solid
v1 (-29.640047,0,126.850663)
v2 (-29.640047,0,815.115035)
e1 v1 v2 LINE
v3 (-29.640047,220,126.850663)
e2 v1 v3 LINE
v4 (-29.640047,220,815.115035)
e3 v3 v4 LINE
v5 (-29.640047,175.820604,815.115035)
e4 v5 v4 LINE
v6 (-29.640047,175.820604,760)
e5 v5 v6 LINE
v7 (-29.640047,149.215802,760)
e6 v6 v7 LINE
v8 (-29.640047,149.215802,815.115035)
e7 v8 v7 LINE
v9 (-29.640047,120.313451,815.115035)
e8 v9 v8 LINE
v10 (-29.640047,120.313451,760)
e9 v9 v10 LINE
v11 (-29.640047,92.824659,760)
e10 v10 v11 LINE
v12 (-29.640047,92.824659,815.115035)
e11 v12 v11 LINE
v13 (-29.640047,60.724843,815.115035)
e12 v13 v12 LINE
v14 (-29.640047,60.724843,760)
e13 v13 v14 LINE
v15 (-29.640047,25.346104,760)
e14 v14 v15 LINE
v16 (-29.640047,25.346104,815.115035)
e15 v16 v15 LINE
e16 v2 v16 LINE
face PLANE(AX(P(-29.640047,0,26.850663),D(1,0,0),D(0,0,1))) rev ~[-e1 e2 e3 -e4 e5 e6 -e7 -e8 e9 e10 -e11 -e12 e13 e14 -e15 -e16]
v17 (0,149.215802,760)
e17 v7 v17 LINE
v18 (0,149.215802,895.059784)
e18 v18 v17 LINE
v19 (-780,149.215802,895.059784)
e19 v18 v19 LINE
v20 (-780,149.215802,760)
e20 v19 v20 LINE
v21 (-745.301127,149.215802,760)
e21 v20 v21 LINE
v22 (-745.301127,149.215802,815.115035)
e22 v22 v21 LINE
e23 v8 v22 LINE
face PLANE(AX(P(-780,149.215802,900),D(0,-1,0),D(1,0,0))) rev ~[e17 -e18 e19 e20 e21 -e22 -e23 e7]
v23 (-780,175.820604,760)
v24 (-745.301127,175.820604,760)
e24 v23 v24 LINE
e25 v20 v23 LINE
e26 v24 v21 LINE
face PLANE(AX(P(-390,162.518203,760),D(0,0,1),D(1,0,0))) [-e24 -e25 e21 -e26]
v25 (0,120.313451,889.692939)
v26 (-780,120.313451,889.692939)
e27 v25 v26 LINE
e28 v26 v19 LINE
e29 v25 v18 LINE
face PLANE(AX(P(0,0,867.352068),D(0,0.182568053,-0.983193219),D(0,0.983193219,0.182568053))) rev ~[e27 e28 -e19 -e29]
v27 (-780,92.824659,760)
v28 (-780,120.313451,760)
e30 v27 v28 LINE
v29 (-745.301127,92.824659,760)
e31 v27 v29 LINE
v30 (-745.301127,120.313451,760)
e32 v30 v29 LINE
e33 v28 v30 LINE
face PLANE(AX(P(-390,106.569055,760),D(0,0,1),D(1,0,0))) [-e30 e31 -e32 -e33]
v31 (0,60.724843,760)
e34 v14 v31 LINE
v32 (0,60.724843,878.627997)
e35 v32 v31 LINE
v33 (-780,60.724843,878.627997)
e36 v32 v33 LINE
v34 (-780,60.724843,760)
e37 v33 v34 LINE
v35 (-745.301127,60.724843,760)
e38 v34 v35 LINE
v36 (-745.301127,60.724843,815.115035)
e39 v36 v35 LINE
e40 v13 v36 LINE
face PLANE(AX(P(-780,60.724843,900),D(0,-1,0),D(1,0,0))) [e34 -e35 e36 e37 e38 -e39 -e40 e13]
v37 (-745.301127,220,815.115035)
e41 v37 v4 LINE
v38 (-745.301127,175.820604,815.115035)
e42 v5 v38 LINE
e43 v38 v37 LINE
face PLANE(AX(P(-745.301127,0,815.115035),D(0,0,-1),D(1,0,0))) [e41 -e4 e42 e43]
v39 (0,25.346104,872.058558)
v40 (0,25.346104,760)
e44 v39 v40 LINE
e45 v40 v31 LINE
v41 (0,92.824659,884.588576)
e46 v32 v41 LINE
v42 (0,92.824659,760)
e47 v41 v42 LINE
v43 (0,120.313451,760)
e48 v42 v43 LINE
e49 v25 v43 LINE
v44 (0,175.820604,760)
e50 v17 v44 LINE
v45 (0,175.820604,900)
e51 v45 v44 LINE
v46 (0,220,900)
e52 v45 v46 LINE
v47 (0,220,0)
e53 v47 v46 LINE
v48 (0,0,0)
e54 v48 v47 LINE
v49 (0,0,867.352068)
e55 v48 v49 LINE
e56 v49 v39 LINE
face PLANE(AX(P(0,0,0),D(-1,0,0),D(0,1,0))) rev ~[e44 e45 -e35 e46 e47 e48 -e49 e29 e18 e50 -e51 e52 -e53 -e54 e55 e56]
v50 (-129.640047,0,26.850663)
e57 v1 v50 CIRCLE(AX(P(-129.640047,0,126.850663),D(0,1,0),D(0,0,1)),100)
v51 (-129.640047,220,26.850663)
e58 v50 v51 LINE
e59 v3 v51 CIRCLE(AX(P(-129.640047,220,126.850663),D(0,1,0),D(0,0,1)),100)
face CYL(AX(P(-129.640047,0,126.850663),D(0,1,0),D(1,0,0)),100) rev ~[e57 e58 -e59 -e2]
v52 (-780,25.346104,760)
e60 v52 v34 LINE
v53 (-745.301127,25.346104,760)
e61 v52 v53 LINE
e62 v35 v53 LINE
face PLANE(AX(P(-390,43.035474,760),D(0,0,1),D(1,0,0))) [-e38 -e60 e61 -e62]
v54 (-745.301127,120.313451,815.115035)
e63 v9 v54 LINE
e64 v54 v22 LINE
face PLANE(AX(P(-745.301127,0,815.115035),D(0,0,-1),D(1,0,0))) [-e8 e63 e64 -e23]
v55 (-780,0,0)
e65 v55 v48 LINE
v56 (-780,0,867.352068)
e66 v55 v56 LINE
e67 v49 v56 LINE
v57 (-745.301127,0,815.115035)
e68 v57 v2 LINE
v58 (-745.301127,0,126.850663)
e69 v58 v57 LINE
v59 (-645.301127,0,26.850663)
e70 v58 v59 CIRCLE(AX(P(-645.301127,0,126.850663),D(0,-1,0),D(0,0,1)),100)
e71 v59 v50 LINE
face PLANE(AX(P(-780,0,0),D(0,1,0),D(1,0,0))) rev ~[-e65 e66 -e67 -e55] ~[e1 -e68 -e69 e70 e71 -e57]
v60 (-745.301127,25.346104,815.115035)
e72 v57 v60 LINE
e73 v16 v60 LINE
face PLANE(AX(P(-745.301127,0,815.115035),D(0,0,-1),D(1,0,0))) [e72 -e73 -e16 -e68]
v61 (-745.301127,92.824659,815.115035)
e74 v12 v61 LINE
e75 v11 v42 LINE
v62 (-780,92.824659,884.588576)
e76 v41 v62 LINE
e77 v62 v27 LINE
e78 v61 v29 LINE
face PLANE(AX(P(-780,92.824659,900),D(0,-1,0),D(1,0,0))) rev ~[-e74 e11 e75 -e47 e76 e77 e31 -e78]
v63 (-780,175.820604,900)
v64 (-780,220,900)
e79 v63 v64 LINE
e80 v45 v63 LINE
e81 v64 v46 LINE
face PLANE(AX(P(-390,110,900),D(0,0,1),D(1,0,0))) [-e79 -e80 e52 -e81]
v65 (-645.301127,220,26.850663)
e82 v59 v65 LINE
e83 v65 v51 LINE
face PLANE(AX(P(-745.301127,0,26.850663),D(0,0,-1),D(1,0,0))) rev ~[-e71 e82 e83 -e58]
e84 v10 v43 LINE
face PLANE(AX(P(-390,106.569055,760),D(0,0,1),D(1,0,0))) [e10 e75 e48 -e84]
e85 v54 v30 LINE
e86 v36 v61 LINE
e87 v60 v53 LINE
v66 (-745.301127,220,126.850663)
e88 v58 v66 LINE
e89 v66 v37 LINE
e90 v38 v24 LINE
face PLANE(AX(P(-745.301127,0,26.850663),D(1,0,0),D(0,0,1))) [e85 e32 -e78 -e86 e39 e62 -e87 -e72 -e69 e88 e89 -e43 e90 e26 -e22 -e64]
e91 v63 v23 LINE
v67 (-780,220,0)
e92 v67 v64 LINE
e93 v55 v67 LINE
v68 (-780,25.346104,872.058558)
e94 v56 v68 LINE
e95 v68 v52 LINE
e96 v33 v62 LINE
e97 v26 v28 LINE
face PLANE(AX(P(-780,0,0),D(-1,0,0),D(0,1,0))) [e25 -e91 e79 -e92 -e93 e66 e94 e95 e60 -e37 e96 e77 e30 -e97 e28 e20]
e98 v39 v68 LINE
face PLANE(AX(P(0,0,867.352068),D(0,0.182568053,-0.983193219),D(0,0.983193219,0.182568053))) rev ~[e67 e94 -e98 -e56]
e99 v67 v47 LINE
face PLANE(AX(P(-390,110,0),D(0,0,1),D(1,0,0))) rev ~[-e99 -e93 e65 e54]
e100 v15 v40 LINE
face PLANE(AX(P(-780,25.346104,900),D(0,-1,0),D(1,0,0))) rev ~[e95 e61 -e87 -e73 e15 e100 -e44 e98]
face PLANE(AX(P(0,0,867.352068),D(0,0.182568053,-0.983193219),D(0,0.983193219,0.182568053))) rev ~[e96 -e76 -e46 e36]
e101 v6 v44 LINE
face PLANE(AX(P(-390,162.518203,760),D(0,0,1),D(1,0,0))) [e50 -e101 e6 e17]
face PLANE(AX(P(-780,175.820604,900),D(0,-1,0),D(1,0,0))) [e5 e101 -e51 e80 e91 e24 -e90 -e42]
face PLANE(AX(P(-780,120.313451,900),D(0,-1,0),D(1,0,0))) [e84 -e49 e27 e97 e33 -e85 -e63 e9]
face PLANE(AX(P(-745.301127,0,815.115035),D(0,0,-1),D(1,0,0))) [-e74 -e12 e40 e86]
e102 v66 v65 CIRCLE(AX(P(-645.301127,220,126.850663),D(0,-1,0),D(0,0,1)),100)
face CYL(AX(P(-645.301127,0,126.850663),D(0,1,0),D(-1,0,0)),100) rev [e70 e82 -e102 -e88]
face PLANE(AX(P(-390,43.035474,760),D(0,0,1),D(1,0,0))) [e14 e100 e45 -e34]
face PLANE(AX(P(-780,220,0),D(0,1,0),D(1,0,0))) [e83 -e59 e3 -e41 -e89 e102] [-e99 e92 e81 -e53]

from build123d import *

# Parameters (mm, degrees)
F0_W     = 780
F0_H     = 220
F1_DEPTH = 900
F2_W     = 715.66108
F2_H     = 788.264372
F3_DEPTH = 220
F5_DEPTH = 780
F6_W     = 780
F6_H     = 27.488791
F6_H_2   = 35.378739
F6_H_3   = 26.604801
F7_DEPTH = 140
F8_R     = 100


with BuildPart() as f1:
    # F0 (on Top) → F1 (new body)
    with BuildSketch(Plane.XY):
        with Locations((-390, 110)):
            Rectangle(F0_W, F0_H)
    extrude(amount=F1_DEPTH)

    # F2 (on face) → F3 (cut, through all)
    with BuildSketch(Plane.XZ):
        with Locations((-387.470587, 420.982849)):
            Rectangle(F2_W, F2_H)
    extrude(amount=-F3_DEPTH, mode=Mode.SUBTRACT)

    # F4 (on face) → F5 (cut, through all)
    with BuildSketch(Plane.YZ):
        Polygon((0, 867.352068), (175.820604, 900), (0, 900), align=None)
    extrude(amount=-F5_DEPTH, mode=Mode.SUBTRACT)

    # F6 (on face) → F7 (cut)
    with BuildSketch(Plane.XY.offset(900)):
        with Locations((-390, 106.569055)):
            Rectangle(F6_W, F6_H)
        with Locations((-390, 43.035474)):
            Rectangle(F6_W, F6_H_2)
        with Locations((-390, 162.518203)):
            Rectangle(F6_W, F6_H_3)
    extrude(amount=-F7_DEPTH, mode=Mode.SUBTRACT)

    # F8
    f8_edges = [f1.edges().sort_by_distance(p)[0] for p in [
        (-745.301127, 110, 26.850663),
        (-29.640047, 110, 26.850663),
    ]]
    fillet(f8_edges, radius=F8_R)


solid = f1.part
